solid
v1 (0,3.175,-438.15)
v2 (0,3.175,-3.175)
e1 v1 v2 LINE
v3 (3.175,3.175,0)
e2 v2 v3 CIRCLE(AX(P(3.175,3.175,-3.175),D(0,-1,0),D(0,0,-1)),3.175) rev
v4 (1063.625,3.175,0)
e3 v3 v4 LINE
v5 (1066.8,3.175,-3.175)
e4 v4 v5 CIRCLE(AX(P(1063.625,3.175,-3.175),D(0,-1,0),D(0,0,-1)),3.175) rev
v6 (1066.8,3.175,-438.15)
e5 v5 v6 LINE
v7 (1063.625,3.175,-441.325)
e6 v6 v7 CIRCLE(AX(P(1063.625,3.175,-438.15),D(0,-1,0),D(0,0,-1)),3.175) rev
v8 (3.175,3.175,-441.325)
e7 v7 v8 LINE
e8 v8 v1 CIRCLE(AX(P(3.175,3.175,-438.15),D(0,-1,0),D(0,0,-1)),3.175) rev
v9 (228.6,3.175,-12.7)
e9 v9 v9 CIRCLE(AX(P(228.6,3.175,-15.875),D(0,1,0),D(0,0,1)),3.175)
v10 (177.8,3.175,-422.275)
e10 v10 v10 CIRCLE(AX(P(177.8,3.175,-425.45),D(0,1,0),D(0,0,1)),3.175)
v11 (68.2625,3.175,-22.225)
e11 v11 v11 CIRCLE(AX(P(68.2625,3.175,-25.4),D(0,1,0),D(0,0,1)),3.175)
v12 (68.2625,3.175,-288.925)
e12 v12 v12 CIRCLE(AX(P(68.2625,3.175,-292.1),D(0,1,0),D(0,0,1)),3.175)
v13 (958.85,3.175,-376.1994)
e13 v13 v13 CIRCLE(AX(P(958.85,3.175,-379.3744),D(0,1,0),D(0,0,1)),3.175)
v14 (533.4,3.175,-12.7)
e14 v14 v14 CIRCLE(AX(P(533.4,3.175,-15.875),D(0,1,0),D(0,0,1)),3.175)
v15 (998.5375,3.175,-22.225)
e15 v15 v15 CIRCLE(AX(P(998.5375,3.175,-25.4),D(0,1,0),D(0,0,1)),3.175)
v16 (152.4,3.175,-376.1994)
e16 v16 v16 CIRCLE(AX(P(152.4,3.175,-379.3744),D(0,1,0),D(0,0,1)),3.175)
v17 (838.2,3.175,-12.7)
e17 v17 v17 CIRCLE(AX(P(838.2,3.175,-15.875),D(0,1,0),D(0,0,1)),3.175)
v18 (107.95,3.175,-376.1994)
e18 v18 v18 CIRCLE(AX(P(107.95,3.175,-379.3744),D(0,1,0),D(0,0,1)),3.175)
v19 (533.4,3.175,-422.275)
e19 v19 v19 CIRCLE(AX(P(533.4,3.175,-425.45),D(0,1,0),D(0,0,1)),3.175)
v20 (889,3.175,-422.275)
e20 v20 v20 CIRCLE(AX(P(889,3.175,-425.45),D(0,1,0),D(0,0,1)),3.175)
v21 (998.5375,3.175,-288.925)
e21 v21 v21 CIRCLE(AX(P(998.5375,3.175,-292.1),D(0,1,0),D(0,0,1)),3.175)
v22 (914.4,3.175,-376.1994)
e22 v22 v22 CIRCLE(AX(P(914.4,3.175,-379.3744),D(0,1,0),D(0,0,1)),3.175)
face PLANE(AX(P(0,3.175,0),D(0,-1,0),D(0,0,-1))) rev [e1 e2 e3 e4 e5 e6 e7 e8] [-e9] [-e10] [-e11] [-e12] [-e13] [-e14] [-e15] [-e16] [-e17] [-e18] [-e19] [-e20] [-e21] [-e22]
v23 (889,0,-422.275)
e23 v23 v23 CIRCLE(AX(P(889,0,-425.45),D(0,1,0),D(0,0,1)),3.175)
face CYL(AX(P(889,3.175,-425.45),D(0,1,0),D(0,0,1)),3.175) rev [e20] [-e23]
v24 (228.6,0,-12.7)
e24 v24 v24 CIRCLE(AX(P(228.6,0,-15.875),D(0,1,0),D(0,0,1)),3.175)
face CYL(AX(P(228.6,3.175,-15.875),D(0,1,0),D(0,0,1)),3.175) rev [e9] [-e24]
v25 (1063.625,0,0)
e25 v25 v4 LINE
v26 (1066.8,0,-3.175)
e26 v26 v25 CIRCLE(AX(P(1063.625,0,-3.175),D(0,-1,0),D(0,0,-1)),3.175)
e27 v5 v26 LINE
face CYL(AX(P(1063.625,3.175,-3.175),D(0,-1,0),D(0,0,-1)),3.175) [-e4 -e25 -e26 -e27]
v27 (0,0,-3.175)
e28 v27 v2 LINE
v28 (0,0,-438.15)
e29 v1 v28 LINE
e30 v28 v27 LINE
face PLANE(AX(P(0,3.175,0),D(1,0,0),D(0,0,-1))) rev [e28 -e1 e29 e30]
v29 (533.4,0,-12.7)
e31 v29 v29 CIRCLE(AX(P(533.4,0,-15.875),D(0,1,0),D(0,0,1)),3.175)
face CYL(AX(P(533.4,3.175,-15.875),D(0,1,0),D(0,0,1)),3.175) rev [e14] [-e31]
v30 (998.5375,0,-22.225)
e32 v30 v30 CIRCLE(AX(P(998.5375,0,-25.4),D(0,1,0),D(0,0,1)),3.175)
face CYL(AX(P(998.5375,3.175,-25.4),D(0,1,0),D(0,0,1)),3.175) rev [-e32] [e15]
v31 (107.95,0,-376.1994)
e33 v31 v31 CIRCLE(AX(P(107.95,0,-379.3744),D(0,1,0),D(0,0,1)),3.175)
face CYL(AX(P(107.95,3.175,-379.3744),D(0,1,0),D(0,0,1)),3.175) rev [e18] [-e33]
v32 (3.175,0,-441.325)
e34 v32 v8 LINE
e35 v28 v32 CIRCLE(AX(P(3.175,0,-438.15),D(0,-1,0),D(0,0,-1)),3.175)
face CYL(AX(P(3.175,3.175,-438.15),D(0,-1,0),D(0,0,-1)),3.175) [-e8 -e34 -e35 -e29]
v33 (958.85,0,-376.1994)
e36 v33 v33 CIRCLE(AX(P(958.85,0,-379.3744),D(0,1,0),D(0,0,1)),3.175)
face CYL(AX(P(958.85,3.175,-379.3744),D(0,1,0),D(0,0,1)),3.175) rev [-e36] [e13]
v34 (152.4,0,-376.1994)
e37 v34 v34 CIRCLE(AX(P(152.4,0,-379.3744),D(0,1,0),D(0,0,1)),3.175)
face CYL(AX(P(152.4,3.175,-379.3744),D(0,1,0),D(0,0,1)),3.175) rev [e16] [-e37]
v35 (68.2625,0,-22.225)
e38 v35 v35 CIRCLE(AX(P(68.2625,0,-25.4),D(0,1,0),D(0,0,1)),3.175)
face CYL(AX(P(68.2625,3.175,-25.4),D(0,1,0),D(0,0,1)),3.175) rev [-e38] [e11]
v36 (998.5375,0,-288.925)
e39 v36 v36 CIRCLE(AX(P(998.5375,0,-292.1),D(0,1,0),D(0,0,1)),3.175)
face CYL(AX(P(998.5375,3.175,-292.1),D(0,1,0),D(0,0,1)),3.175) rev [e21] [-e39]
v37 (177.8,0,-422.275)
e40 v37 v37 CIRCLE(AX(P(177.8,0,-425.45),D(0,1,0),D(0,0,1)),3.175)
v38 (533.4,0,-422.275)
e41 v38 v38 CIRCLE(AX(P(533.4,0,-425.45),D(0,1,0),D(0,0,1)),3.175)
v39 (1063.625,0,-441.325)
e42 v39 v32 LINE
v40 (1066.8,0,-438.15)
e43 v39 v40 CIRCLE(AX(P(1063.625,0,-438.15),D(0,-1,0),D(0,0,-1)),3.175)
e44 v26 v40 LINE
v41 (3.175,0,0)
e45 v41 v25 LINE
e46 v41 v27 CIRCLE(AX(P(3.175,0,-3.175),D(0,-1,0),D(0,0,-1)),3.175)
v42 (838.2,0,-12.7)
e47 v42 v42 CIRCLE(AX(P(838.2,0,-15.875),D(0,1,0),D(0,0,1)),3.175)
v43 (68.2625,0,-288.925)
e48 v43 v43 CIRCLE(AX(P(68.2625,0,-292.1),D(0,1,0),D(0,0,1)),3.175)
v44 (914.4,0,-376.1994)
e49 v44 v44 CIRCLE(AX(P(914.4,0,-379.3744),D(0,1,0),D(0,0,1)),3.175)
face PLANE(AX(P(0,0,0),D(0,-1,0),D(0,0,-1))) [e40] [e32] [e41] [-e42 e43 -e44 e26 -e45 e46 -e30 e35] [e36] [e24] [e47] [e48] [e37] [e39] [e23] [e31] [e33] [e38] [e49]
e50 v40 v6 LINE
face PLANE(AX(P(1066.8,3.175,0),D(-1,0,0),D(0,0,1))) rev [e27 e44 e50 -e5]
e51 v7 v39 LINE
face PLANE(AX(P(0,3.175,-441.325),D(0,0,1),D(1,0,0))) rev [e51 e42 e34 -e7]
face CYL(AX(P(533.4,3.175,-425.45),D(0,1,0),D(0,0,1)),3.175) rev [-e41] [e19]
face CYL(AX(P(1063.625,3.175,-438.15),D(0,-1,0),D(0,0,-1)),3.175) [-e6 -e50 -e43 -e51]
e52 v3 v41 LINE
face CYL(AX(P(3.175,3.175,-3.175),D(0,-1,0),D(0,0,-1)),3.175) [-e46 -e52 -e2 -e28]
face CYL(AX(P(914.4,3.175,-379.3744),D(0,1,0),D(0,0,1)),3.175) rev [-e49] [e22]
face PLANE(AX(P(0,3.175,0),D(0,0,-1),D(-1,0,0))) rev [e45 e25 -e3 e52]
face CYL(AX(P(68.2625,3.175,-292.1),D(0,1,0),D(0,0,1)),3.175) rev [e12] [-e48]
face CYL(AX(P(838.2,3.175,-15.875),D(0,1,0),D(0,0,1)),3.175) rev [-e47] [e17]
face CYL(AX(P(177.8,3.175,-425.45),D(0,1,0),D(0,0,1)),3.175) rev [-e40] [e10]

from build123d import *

# Parameters (mm, degrees)
SKETCH1_W                   = 1066.8
SKETCH1_H                   = 441.325
BOSS_EXTRUDE1_DEPTH         = 3.175
F_1_4_0_25_DIAMETER_HOLE1_D = 6.35
FILLET2_R                   = 3.175


with BuildPart() as part:
    # Sketch1 → Boss-Extrude1 (new body)
    with BuildSketch(Plane(origin=(0, 0, 0), x_dir=(1, 0, 0), z_dir=(0, 1, 0))):
        with Locations((533.4, 220.6625)):
            Rectangle(SKETCH1_W, SKETCH1_H)
    extrude(amount=BOSS_EXTRUDE1_DEPTH)

    # 1/4 (0.25) Diameter Hole1 (through all)
    with Locations(Plane(origin=(0, 3.175, 0), x_dir=(1, 0, 0), z_dir=(0, 1, 0))):
        with Locations((228.6, 15.875), (533.4, 15.875), (838.2, 15.875), (889, 425.45), (533.4, 425.45), (177.8, 425.45), (68.2625, 25.4), (68.2625, 292.1), (998.5375, 25.4), (998.5375, 292.1), (958.85, 379.3744), (914.4, 379.3744), (107.95, 379.3744), (152.4, 379.3744)):
            Hole(F_1_4_0_25_DIAMETER_HOLE1_D / 2)

    # Fillet2
    fillet2_edges = [part.edges().sort_by_distance(p)[0] for p in [
        (0, 1.5875, -441.325),
        (1066.8, 1.5875, -441.325),
        (1066.8, 1.5875, 0),
        (0, 1.5875, 0),
    ]]
    fillet(fillet2_edges, radius=FILLET2_R)


solid = part.part
